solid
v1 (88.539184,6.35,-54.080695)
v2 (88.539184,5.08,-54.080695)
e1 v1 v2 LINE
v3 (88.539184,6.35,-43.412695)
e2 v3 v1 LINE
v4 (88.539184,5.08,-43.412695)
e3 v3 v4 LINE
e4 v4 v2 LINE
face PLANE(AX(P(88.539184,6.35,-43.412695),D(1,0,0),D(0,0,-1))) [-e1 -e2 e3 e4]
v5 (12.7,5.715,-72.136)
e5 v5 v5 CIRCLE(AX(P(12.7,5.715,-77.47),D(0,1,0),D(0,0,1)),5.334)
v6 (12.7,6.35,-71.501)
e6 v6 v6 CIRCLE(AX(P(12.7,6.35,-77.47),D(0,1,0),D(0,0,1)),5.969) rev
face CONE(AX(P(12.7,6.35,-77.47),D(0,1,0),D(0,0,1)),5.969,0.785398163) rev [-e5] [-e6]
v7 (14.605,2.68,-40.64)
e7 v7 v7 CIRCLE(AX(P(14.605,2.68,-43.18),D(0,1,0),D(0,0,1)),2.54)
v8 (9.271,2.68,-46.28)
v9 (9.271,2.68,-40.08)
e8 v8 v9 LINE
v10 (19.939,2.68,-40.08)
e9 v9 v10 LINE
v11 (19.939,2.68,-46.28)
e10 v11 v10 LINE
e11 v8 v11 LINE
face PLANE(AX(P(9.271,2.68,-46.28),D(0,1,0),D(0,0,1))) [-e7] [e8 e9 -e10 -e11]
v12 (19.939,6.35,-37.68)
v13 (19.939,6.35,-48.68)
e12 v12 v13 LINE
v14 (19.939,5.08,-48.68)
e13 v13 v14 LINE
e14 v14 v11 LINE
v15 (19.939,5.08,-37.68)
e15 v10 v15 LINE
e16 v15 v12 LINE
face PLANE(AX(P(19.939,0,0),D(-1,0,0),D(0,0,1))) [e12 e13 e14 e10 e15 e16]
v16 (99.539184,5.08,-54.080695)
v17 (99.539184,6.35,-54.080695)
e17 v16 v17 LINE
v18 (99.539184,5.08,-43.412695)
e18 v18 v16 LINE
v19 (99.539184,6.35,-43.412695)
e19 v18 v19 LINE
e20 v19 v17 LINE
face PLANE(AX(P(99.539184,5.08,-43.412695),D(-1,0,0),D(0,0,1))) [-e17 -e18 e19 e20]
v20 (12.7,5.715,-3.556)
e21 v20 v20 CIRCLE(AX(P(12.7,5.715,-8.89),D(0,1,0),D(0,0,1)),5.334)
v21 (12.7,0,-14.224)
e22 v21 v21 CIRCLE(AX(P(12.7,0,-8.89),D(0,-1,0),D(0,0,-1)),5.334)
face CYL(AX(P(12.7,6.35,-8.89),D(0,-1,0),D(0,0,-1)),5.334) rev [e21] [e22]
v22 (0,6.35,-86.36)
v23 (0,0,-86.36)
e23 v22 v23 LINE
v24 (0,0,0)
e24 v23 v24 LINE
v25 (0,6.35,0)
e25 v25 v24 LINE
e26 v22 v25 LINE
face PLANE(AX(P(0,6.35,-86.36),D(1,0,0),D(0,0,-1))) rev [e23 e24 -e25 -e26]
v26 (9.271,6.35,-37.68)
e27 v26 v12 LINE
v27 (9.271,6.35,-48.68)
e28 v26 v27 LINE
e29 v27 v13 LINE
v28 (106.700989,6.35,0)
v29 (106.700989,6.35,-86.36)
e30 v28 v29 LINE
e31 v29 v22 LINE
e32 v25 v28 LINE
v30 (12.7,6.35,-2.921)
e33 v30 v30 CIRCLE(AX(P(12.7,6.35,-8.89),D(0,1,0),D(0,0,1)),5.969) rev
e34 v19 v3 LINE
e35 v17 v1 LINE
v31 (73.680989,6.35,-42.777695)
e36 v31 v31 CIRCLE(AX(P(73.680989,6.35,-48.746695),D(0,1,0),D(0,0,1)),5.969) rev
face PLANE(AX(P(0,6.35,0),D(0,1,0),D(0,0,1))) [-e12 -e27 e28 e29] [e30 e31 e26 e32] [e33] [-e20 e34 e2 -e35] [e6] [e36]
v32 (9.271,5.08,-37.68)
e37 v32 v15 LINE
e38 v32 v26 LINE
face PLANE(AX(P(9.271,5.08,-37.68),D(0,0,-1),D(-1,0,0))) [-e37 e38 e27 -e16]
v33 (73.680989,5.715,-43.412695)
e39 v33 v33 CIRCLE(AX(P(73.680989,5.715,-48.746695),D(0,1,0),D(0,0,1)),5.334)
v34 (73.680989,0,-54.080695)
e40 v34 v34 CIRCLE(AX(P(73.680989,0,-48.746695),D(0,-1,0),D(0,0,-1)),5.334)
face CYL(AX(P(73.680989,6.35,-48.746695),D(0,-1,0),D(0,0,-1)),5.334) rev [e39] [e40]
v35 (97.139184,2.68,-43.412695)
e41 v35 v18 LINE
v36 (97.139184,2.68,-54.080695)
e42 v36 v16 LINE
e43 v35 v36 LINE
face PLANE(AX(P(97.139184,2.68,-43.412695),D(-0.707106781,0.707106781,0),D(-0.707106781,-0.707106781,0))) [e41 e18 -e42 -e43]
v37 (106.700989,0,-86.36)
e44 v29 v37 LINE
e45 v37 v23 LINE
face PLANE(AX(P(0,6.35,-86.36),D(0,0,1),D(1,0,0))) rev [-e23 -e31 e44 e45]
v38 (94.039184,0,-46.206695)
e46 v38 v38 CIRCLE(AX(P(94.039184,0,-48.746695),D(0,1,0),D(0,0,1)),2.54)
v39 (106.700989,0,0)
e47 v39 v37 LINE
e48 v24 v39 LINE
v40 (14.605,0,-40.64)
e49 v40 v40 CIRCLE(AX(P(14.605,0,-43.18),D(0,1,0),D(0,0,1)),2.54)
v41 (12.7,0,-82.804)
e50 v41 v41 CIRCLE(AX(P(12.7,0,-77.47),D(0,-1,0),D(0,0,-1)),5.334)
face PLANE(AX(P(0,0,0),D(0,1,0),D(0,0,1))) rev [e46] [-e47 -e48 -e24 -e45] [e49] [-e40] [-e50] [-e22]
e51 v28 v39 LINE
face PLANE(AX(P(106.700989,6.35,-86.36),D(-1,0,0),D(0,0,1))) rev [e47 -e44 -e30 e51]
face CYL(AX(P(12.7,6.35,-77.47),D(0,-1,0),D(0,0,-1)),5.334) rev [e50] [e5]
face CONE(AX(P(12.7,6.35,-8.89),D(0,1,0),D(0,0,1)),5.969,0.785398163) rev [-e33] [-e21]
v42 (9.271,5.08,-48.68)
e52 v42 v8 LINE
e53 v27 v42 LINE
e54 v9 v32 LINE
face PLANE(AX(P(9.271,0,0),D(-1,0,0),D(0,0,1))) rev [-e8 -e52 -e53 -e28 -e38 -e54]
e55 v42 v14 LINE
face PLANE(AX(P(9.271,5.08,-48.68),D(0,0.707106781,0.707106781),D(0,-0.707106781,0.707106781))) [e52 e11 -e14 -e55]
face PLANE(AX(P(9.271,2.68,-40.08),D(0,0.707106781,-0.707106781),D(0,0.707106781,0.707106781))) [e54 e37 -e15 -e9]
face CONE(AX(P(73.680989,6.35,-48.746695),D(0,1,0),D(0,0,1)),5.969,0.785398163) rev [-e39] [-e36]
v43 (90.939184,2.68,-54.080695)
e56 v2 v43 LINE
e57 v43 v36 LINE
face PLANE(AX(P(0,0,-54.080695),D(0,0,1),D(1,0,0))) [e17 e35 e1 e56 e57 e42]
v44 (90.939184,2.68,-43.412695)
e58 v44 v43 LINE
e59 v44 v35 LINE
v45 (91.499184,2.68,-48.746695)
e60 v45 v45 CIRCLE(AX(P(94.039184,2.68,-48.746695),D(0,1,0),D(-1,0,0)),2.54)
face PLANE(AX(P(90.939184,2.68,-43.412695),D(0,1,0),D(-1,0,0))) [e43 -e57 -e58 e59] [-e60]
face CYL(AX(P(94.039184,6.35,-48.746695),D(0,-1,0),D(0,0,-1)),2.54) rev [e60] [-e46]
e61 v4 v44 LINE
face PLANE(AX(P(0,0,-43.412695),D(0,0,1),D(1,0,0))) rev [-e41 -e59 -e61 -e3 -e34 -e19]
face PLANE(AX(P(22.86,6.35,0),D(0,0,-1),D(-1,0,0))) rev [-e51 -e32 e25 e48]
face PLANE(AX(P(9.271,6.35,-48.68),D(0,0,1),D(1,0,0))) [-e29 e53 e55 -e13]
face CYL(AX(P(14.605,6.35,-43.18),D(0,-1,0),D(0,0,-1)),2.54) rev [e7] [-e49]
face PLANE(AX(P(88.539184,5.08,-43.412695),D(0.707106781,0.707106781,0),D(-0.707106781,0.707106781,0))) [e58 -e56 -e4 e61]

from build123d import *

# Parameters (mm, degrees)
SKETCH1_R               = 2.54
BOSS_EXTRUDE1_DEPTH     = 6.35
CUT_EXTRUDE1_DEPTH      = 5.334
CUT_EXTRUDE1_DEPTH_BACK = 5.334
CUT_EXTRUDE2_DEPTH      = 5.334
CUT_EXTRUDE2_DEPTH_BACK = 5.334
SKETCH6_R               = 5.334
CUT_EXTRUDE3_DEPTH      = 7.35
CHAMFER1_SIZE           = 0.635


with BuildPart() as part:
    # Sketch1 → Boss-Extrude1 (new body)
    with BuildSketch(Plane(origin=(0, 0, 0), x_dir=(1, 0, 0), z_dir=(0, 1, 0))):
        Polygon((0, 33.02), (0, 0), (22.86, 0), (106.700989027, 0), (106.700989027, 38.586695169), (106.700989027, 56.366695169), (106.700989027, 86.36), (20.32, 86.36), (0, 86.36), (0, 53.34), align=None)
        with Locations((14.605, 43.18)):
            Circle(SKETCH1_R, mode=Mode.SUBTRACT)
        with Locations((94.039183737, 48.746695169)):
            Circle(SKETCH1_R, mode=Mode.SUBTRACT)
    extrude(amount=BOSS_EXTRUDE1_DEPTH)

    # Sketch4 → Cut-Extrude1 (cut, two sides)
    with BuildSketch(Plane.ZY.offset(-14.605)) as cut_extrude1_sk:
        Polygon((-46.28, 2.68), (-40.08, 2.68), (-37.68, 5.08), (-37.68, 6.35), (-48.68, 6.35), (-48.68, 5.08), align=None)
    extrude(amount=CUT_EXTRUDE1_DEPTH, mode=Mode.SUBTRACT)
    extrude(cut_extrude1_sk.sketch, amount=-CUT_EXTRUDE1_DEPTH_BACK, mode=Mode.SUBTRACT)

    # Sketch5 → Cut-Extrude2 (cut, two sides)
    with BuildSketch(Plane.XY.offset(-48.746695169)) as cut_extrude2_sk:
        Polygon((90.939183737, 2.68), (97.139183737, 2.68), (99.539183737, 5.08), (99.539183737, 6.35), (88.539183737, 6.35), (88.539183737, 5.08), align=None)
    extrude(amount=CUT_EXTRUDE2_DEPTH, mode=Mode.SUBTRACT)
    extrude(cut_extrude2_sk.sketch, amount=-CUT_EXTRUDE2_DEPTH_BACK, mode=Mode.SUBTRACT)

    # Sketch6 → Cut-Extrude3 (cut, through all)
    with BuildSketch(Plane.XZ):
        with Locations((12.7, -8.89)):
            Circle(SKETCH6_R)
        with Locations((73.680989027, -48.746695169)):
            Circle(SKETCH6_R)
        with Locations((12.7, -77.47)):
            Circle(SKETCH6_R)
    extrude(amount=-CUT_EXTRUDE3_DEPTH, mode=Mode.SUBTRACT)

    # Chamfer1
    chamfer1_edges = [part.edges().sort_by_distance(p)[0] for p in [
        (7.366, 6.35, -8.89),
        (68.346989027, 6.35, -48.746695169),
        (7.366, 6.35, -77.47),
    ]]
    chamfer(chamfer1_edges, length=CHAMFER1_SIZE)


solid = part.part
